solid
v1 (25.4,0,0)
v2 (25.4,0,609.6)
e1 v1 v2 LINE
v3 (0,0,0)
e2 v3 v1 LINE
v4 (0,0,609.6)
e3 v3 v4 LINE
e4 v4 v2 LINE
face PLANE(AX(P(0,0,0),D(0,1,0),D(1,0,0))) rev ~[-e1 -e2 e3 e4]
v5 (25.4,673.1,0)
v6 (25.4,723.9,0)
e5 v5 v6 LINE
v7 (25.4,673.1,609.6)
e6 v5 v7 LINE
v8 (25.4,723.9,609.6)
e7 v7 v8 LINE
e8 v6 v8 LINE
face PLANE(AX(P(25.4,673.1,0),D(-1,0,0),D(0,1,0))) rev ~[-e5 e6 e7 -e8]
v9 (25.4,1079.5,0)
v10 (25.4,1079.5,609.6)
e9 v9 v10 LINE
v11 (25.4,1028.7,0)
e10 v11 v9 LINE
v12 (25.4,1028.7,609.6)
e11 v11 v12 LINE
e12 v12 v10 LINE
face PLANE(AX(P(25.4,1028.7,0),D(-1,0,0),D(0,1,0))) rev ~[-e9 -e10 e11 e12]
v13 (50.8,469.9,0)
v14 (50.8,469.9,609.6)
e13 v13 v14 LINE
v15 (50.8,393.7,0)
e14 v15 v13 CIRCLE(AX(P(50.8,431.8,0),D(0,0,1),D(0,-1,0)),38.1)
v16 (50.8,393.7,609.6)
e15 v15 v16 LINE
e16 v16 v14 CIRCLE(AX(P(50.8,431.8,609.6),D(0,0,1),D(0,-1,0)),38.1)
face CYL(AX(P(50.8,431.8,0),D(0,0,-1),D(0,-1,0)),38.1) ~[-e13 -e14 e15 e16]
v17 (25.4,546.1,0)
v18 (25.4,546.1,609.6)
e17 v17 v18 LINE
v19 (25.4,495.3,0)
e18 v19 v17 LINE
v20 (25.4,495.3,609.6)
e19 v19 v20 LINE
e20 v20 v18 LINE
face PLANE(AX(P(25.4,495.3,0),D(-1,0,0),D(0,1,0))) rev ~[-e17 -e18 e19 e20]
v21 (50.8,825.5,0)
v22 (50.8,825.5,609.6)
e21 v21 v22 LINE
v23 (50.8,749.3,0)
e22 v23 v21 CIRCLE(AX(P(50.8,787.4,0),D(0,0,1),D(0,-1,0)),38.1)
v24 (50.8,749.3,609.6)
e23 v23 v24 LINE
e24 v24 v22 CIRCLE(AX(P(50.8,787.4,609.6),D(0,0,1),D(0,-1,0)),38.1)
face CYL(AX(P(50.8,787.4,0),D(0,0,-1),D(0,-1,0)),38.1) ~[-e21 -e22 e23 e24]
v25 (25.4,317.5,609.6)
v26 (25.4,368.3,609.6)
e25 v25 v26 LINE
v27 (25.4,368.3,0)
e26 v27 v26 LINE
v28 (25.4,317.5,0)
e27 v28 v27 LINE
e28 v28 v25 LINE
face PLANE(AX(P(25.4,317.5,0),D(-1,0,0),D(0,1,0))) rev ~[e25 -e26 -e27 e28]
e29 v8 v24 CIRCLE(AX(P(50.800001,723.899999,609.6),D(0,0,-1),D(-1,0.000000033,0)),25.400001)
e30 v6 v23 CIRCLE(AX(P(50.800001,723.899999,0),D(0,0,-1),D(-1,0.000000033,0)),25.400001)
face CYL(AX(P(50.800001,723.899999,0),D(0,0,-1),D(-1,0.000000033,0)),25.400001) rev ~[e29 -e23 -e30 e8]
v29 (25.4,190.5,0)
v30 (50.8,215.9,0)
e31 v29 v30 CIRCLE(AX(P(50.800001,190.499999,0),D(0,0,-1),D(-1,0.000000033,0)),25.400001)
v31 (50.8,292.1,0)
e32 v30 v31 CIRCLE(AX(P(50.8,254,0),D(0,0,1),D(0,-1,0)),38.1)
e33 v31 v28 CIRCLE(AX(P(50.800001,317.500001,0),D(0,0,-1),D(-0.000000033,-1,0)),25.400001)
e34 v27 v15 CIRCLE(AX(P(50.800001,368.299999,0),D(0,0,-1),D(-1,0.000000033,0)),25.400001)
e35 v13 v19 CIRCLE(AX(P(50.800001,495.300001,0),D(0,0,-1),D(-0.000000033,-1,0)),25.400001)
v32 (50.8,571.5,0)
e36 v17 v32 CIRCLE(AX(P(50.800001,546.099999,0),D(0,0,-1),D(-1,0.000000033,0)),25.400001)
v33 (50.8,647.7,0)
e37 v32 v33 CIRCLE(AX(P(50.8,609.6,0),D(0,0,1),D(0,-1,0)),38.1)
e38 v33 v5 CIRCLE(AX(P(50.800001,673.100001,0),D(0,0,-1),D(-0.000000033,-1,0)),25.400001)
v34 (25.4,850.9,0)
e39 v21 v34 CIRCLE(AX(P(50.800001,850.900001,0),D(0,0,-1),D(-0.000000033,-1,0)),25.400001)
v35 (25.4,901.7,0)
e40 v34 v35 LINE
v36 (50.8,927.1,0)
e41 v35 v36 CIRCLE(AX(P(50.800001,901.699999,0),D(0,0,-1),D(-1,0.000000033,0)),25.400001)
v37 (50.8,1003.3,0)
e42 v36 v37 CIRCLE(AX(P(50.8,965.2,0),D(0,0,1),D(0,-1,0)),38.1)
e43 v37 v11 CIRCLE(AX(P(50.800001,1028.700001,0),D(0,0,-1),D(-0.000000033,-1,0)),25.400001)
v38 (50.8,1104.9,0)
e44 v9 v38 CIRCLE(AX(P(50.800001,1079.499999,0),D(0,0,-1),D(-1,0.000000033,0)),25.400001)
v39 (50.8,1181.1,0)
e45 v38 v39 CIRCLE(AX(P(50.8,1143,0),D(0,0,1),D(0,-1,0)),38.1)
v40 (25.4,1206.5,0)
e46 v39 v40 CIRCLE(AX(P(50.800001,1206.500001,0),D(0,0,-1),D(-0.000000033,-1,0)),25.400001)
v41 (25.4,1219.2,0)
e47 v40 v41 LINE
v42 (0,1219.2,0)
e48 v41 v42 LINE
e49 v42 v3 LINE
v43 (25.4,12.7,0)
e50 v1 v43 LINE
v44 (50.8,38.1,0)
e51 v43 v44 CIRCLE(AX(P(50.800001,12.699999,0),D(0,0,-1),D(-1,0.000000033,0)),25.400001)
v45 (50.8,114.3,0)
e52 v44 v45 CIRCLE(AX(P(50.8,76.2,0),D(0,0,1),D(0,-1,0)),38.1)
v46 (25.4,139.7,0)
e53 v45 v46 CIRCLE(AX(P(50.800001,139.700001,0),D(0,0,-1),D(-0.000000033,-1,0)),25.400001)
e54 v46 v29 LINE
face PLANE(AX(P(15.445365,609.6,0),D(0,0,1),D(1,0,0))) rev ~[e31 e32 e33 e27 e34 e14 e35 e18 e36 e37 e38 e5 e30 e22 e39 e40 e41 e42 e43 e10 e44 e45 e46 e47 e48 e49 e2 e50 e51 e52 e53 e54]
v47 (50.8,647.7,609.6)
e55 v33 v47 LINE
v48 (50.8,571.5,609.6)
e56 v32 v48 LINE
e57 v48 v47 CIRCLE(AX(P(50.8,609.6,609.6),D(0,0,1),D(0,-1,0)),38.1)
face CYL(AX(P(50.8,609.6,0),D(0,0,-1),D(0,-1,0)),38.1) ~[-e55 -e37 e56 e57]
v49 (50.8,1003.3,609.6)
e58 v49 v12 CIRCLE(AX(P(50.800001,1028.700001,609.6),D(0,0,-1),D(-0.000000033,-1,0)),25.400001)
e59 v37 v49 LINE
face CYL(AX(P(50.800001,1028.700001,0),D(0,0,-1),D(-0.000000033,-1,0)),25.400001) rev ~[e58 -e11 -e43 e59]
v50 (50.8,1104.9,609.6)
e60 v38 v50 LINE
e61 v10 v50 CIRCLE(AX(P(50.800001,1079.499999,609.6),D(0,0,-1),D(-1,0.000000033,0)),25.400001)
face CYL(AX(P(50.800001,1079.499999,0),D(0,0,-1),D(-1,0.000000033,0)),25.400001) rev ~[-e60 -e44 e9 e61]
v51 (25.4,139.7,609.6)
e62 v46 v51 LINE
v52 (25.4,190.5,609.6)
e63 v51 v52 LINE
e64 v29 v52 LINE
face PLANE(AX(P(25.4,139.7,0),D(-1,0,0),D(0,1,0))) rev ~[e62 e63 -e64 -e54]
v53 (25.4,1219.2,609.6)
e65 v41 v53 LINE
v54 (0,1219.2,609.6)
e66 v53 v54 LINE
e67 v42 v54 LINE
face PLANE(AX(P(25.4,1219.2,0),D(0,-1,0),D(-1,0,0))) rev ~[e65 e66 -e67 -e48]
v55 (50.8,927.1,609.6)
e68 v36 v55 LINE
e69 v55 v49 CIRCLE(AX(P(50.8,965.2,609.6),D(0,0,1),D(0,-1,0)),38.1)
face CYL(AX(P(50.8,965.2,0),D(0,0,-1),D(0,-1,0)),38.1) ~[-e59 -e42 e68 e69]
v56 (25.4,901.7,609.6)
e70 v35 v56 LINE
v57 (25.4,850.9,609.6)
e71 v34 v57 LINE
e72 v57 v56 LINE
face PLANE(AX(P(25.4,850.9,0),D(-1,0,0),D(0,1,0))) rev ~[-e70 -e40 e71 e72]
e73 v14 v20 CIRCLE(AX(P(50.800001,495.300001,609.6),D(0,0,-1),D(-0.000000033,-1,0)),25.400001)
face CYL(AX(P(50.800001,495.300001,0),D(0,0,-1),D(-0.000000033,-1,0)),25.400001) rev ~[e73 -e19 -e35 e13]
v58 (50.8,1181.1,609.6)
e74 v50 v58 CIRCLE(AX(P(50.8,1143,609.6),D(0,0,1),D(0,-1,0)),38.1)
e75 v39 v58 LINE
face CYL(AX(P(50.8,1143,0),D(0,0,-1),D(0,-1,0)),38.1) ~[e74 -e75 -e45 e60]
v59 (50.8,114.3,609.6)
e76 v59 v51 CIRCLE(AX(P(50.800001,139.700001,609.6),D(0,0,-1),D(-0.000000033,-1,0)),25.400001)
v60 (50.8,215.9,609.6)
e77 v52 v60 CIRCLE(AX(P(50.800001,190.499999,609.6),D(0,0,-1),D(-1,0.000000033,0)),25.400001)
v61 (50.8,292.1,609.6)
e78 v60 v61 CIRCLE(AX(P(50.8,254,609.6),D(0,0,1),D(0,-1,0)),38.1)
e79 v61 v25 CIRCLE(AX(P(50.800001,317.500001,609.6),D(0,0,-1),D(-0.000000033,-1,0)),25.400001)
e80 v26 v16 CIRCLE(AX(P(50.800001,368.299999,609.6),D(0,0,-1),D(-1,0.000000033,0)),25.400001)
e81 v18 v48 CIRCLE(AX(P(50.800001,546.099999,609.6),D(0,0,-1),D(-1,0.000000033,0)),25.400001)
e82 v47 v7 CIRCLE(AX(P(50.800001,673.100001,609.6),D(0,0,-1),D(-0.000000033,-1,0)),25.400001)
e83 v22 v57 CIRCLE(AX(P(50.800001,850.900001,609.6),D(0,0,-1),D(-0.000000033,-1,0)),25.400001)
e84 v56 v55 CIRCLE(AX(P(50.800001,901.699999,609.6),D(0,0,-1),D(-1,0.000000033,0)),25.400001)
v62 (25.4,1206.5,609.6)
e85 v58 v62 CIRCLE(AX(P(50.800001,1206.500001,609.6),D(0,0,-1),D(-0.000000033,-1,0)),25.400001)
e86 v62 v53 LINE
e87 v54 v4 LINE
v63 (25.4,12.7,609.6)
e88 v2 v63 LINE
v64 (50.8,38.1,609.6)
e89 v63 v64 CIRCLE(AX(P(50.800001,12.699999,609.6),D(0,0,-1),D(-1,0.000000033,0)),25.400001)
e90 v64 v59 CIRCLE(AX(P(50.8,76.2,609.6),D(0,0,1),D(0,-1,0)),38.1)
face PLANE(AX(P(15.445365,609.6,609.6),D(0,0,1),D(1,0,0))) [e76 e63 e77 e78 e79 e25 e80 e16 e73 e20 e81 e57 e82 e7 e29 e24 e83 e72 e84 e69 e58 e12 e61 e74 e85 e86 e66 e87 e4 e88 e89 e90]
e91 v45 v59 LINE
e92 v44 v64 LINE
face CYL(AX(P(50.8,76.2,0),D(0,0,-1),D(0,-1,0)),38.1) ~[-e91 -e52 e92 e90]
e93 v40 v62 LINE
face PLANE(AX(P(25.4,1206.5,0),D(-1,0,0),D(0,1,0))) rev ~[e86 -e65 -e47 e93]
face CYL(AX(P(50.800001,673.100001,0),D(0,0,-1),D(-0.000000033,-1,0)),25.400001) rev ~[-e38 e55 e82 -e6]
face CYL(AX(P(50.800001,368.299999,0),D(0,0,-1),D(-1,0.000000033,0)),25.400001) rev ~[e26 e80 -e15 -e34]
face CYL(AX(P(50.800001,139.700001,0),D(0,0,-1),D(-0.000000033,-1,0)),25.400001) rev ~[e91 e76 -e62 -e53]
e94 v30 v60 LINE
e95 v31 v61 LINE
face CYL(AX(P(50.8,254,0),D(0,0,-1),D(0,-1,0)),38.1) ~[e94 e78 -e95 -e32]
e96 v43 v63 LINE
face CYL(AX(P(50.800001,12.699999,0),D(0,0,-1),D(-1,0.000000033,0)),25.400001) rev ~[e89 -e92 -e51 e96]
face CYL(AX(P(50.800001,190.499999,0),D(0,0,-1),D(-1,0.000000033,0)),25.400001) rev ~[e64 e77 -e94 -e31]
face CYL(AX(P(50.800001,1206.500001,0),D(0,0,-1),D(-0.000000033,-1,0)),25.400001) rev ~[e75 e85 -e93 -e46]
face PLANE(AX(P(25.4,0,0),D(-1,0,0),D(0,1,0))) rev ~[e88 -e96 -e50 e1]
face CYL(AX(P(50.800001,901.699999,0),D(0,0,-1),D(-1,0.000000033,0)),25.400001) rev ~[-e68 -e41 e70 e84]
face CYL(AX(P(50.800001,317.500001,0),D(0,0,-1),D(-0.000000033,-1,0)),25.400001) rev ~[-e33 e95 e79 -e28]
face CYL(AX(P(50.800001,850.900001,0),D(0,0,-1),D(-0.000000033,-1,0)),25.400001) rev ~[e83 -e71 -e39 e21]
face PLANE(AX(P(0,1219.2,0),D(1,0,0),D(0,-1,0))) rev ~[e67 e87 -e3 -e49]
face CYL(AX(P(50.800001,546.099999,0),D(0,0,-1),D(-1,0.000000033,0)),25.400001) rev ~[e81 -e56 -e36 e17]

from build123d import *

# Parameters (mm, degrees)
F1_DEPTH = 609.6


with BuildPart() as f1:
    # F0 (on Top) → F1 (new body)
    with BuildSketch(Plane.XY):
        with BuildLine():
            Line((0, 1219.2), (0, 0))
            Line((0, 0), (25.4, 0))
            Line((25.4, 0), (25.4, 12.7))
            Line((25.4, 12.7), (25.4, 139.7))
            Line((25.4, 139.7), (25.4, 190.5))
            Line((25.4, 190.5), (25.4, 317.5))
            Line((25.4, 317.5), (25.4, 368.3))
            Line((25.4, 368.3), (25.4, 495.3))
            Line((25.4, 495.3), (25.4, 546.1))
            ThreePointArc((25.4, 546.1), (32.839488, 564.060512), (50.8, 571.5))
            ThreePointArc((50.8, 571.5), (88.9, 609.6), (50.8, 647.7))
            ThreePointArc((50.8, 647.7), (32.839488, 655.139488), (25.4, 673.1))
            Line((25.4, 673.1), (25.4, 723.9))
            Line((25.4, 723.9), (25.4, 850.9))
            Line((25.4, 850.9), (25.4, 901.7))
            Line((25.4, 901.7), (25.4, 1028.7))
            Line((25.4, 1028.7), (25.4, 1079.5))
            Line((25.4, 1079.5), (25.4, 1206.5))
            Line((25.4, 1206.5), (25.4, 1219.2))
            Line((25.4, 1219.2), (0, 1219.2))
        make_face()
        with BuildLine():
            Line((25.4, 139.7), (25.4, 12.7))
            ThreePointArc((25.4, 12.7), (32.839488, 30.660512), (50.8, 38.1))
            ThreePointArc((50.8, 38.1), (88.9, 76.2), (50.8, 114.3))
            ThreePointArc((50.8, 114.3), (32.839488, 121.739488), (25.4, 139.7))
        make_face()
        with BuildLine():
            ThreePointArc((50.8, 1181.1), (32.839488, 1188.539488), (25.4, 1206.5))
            Line((25.4, 1206.5), (25.4, 1079.5))
            ThreePointArc((25.4, 1079.5), (32.839488, 1097.460512), (50.8, 1104.9))
            ThreePointArc((50.8, 1104.9), (88.9, 1143), (50.8, 1181.1))
        make_face()
        with BuildLine():
            Line((25.4, 317.5), (25.4, 190.5))
            ThreePointArc((25.4, 190.5), (32.839488, 208.460512), (50.8, 215.9))
            ThreePointArc((50.8, 215.9), (88.9, 254), (50.8, 292.1))
            ThreePointArc((50.8, 292.1), (32.839488, 299.539488), (25.4, 317.5))
        make_face()
        with BuildLine():
            ThreePointArc((50.8, 1003.3), (32.839488, 1010.739488), (25.4, 1028.7))
            Line((25.4, 1028.7), (25.4, 901.7))
            ThreePointArc((25.4, 901.7), (32.839488, 919.660512), (50.8, 927.1))
            ThreePointArc((50.8, 927.1), (88.9, 965.2), (50.8, 1003.3))
        make_face()
        with BuildLine():
            Line((25.4, 495.3), (25.4, 368.3))
            ThreePointArc((25.4, 368.3), (32.839488, 386.260512), (50.8, 393.7))
            ThreePointArc((50.8, 393.7), (88.9, 431.8), (50.8, 469.9))
            ThreePointArc((50.8, 469.9), (32.839488, 477.339488), (25.4, 495.3))
        make_face()
        with BuildLine():
            ThreePointArc((50.8, 825.5), (32.839488, 832.939488), (25.4, 850.9))
            Line((25.4, 850.9), (25.4, 723.9))
            ThreePointArc((25.4, 723.9), (32.839488, 741.860512), (50.8, 749.3))
            ThreePointArc((50.8, 749.3), (88.9, 787.4), (50.8, 825.5))
        make_face()
    extrude(amount=F1_DEPTH)


solid = f1.part
